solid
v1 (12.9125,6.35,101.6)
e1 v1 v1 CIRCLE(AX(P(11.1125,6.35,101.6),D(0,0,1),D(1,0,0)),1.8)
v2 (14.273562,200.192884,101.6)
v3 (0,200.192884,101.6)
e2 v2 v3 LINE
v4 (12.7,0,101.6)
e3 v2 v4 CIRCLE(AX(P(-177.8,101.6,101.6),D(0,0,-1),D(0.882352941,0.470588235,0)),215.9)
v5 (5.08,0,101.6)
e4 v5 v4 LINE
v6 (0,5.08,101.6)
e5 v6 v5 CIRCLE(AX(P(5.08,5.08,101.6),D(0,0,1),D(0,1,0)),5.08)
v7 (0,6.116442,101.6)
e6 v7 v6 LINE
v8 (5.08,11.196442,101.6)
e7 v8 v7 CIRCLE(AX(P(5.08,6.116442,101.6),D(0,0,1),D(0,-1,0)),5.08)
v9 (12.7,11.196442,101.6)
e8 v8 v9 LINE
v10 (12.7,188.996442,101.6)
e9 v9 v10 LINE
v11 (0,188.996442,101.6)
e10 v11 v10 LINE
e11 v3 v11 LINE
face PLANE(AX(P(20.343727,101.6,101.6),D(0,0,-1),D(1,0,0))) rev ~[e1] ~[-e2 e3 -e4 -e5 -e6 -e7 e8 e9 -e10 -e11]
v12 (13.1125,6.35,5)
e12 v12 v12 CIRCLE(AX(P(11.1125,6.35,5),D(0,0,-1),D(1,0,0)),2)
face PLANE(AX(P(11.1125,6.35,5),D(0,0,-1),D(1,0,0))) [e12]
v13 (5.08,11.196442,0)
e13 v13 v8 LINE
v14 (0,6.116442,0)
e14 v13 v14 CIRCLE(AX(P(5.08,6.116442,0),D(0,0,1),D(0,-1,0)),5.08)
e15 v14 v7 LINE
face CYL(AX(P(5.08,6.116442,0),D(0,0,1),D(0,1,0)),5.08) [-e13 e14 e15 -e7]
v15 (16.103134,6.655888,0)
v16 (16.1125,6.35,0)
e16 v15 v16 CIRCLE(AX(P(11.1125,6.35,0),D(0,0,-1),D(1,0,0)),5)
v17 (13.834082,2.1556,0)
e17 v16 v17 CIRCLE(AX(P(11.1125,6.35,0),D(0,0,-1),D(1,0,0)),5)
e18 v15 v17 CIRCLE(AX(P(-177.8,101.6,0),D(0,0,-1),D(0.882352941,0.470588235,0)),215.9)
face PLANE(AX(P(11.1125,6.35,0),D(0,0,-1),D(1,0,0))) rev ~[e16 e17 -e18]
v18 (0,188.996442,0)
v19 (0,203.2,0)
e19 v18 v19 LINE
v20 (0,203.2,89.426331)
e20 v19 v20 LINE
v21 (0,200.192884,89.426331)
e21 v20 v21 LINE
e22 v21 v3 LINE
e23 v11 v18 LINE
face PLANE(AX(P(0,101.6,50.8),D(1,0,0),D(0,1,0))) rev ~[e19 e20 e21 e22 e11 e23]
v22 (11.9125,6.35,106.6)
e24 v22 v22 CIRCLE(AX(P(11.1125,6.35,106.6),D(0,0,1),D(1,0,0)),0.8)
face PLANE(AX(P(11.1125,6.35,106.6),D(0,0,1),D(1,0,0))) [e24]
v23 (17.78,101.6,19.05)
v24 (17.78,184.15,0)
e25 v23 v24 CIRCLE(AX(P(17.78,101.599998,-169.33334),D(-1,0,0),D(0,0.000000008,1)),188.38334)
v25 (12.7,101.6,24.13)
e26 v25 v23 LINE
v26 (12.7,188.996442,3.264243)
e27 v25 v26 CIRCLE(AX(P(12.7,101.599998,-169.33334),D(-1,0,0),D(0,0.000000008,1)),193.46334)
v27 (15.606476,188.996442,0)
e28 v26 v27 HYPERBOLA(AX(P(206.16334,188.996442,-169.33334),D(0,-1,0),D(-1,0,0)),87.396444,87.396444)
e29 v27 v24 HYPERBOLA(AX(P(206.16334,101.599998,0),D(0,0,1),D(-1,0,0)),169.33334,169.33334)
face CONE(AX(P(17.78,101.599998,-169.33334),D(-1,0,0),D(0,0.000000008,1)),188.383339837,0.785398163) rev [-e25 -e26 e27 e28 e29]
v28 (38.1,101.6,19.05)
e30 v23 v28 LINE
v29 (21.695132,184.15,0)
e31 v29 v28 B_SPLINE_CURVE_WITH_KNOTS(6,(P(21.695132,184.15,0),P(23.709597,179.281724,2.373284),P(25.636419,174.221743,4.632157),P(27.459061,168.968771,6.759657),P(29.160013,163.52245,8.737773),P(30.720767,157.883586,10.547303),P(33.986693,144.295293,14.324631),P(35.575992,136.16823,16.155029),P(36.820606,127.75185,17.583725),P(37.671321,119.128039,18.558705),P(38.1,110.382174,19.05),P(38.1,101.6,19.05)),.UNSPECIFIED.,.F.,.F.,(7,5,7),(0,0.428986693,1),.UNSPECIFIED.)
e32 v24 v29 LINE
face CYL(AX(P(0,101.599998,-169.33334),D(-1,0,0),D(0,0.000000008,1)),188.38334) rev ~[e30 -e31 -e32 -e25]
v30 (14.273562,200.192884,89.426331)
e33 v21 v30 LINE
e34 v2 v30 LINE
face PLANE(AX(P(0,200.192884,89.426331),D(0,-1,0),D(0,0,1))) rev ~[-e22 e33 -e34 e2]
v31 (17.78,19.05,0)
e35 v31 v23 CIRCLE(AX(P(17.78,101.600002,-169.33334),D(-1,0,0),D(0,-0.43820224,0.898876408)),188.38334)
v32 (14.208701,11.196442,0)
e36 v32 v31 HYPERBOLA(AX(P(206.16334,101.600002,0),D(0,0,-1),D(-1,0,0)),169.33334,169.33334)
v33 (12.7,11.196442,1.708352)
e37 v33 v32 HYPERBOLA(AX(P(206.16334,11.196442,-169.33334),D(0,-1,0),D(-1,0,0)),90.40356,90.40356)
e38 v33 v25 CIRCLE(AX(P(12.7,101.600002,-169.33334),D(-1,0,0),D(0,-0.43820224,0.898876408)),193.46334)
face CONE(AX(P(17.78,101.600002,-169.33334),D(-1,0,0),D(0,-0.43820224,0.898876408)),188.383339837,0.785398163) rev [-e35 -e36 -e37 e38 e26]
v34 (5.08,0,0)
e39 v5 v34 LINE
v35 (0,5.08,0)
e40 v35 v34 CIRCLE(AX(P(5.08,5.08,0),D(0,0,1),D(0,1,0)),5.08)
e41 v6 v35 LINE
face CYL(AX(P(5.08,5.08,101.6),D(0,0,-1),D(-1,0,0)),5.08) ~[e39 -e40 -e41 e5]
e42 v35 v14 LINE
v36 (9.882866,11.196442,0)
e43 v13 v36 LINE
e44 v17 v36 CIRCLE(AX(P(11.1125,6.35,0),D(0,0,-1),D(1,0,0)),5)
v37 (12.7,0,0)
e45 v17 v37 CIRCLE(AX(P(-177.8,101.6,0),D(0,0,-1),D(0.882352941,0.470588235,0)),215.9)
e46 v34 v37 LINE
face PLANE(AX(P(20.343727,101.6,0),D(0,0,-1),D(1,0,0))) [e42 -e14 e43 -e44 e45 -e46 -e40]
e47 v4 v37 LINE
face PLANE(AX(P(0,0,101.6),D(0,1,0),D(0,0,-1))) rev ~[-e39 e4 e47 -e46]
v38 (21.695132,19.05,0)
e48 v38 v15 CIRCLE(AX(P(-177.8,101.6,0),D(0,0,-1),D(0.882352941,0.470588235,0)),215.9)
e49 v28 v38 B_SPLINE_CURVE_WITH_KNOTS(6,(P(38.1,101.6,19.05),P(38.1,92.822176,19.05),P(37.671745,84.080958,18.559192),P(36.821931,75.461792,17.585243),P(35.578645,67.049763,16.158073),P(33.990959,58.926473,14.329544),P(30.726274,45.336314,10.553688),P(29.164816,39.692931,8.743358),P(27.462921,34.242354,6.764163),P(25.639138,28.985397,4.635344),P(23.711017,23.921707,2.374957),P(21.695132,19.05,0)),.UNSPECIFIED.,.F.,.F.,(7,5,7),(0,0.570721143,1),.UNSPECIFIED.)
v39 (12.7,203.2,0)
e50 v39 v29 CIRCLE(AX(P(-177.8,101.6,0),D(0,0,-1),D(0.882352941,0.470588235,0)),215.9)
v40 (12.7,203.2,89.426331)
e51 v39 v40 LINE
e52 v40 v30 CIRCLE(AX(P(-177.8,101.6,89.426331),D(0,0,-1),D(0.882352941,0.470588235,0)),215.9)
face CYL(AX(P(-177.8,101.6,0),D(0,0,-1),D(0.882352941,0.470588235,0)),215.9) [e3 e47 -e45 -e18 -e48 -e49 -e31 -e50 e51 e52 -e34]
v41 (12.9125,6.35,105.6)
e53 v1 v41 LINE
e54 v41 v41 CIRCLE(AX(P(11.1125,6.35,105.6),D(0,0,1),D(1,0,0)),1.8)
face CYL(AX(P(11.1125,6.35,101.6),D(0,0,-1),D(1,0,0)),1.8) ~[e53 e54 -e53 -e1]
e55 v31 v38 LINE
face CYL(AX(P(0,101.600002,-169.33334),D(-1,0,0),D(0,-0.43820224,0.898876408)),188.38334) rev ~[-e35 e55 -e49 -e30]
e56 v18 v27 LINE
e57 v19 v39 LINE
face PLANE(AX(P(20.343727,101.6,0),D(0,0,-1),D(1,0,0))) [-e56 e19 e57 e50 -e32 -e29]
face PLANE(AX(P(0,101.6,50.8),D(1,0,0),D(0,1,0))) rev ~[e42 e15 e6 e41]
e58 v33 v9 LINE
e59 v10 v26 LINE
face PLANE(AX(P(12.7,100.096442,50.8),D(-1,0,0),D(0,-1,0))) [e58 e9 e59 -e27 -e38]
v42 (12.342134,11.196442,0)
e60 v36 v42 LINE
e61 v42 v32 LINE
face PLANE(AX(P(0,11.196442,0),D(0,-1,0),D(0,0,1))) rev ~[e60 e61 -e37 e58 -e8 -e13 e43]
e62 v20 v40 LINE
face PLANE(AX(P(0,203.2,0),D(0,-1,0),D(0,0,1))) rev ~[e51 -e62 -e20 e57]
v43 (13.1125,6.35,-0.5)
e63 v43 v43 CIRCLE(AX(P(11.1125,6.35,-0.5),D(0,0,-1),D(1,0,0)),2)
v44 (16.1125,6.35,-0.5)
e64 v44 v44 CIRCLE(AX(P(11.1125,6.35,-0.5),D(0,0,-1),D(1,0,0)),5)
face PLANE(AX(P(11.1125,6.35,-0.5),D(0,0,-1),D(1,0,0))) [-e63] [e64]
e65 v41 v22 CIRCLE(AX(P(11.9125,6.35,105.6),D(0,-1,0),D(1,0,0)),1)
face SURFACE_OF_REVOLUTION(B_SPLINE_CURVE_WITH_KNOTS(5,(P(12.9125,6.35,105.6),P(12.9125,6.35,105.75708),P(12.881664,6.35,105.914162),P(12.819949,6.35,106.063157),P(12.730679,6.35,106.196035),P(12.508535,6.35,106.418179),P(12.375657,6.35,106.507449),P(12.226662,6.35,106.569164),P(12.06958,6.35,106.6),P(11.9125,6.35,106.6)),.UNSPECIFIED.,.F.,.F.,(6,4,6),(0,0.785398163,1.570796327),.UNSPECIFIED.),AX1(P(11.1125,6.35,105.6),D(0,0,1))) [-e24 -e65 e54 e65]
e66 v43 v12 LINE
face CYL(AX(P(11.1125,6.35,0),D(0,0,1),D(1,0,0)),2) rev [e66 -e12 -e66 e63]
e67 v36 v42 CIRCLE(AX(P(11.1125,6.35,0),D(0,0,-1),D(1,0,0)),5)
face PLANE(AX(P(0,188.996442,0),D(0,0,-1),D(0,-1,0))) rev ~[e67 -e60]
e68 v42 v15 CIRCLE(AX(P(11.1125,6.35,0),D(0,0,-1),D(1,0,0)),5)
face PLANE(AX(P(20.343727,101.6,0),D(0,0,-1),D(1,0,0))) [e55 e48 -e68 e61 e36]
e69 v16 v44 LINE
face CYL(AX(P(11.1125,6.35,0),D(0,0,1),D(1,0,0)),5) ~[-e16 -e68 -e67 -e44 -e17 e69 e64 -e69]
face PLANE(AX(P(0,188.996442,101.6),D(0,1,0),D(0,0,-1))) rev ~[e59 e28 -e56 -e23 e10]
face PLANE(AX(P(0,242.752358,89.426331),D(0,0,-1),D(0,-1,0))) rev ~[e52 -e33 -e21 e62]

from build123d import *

# Parameters (mm, degrees)
F1_DEPTH  = 12.7
F3_DEPTH  = 101.6
F5_DEPTH  = 38.101
F6_W      = 42.559474
F6_H      = 49.497269
F7_DEPTH  = 38.101
F8_R      = 2
F9_DEPTH  = 5
F10_R     = 5
F10_R_2   = 2
F11_DEPTH = 0.5
F12_R     = 1.8
F13_DEPTH = 5
F14_R     = 1
F16_DEPTH = 12.7
F17_R     = 5.08
F18_SIZE  = 5.08


with BuildPart() as f1:
    # F0 (on Right) → F1 (new body)
    with BuildSketch(Plane.YZ):
        Polygon((0, 101.6), (0, 0), (52.753847, 0), (101.6, 0), (150.446153, 0), (203.2, 0), (203.2, 101.6), (101.6, 101.6), align=None)
    extrude(amount=F1_DEPTH)

    # F2 (on face) → F3 (join, through all)
    with BuildSketch(Plane(origin=(0, 0, 0), x_dir=(1, 0, 0), z_dir=(0, 0, -1))):
        with BuildLine():
            Line((12.7, 0), (12.7, -203.2))
            ThreePointArc((12.7, -203.2), (38.1, -101.6), (12.7, 0))
        make_face()
    extrude(amount=-F3_DEPTH)

    # F4 (on face) → F5 (cut, through all)
    with BuildSketch(Plane(origin=(0, 0, 0), x_dir=(0, -1, 0), z_dir=(-1, 0, 0))):
        with BuildLine():
            Line((-101.6, 0), (-19.05, 0))
            ThreePointArc((-19.05, 0), (-59.240217, 14.225728), (-101.6, 19.05))
            Line((-101.6, 19.05), (-101.6, 0))
        make_face()
        with BuildLine():
            Line((-101.6, 0), (-101.6, 19.05))
            ThreePointArc((-101.6, 19.05), (-143.959783, 14.225728), (-184.15, 0))
            Line((-184.15, 0), (-101.6, 0))
        make_face()
    extrude(amount=-F5_DEPTH, mode=Mode.SUBTRACT)

    # F6 (on face) → F7 (cut, through all)
    with BuildSketch(Plane(origin=(0, 0, 0), x_dir=(0, -1, 0), z_dir=(-1, 0, 0))):
        with Locations((-221.472621, 114.174965)):
            Rectangle(F6_W, F6_H)
    extrude(amount=-F7_DEPTH, mode=Mode.SUBTRACT)

    # F8 (on face) → F9 (cut)
    with BuildSketch(Plane(origin=(0, 0, 0), x_dir=(1, 0, 0), z_dir=(0, 0, -1))):
        with Locations((11.1125, -6.35)):
            Circle(F8_R)
    extrude(amount=-F9_DEPTH, mode=Mode.SUBTRACT)

    # F10 (on face) → F11 (join)
    with BuildSketch(Plane(origin=(0, 0, 0), x_dir=(1, 0, 0), z_dir=(0, 0, -1))):
        with Locations((11.1125, -6.35)):
            Circle(F10_R)
        with Locations((11.1125, -6.35)):
            Circle(F10_R_2, mode=Mode.SUBTRACT)
    extrude(amount=F11_DEPTH)

    # F12 (on face) → F13 (join)
    with BuildSketch(Plane.XY.offset(101.6)):
        with Locations((11.1125, 6.35)):
            Circle(F12_R)
    extrude(amount=F13_DEPTH)

    # F14
    f14_edges = [f1.edges().sort_by_distance(p)[0] for p in [
        (9.3125, 6.35, 106.6),
    ]]
    fillet(f14_edges, radius=F14_R)

    # F15 (on face) → F16 (cut)
    with BuildSketch(Plane(origin=(0, 0, 0), x_dir=(0, -1, 0), z_dir=(-1, 0, 0))):
        Polygon((-100.096442, 101.6), (-188.996442, 101.6), (-188.996442, 0), (-100.096442, 0), (-11.196442, 0), (-11.196442, 101.6), align=None)
    extrude(amount=-F16_DEPTH, mode=Mode.SUBTRACT)

    # F17
    f17_edges = [f1.edges().sort_by_distance(p)[0] for p in [
        (0, 0, 50.8),
        (0, 11.196442, 50.8),
    ]]
    fillet(f17_edges, radius=F17_R)

    # F18
    f18_edges = [f1.edges().sort_by_distance(p)[0] for p in [
        (12.7, 101.6, 19.05),
    ]]
    chamfer(f18_edges, length=F18_SIZE)


solid = f1.part
